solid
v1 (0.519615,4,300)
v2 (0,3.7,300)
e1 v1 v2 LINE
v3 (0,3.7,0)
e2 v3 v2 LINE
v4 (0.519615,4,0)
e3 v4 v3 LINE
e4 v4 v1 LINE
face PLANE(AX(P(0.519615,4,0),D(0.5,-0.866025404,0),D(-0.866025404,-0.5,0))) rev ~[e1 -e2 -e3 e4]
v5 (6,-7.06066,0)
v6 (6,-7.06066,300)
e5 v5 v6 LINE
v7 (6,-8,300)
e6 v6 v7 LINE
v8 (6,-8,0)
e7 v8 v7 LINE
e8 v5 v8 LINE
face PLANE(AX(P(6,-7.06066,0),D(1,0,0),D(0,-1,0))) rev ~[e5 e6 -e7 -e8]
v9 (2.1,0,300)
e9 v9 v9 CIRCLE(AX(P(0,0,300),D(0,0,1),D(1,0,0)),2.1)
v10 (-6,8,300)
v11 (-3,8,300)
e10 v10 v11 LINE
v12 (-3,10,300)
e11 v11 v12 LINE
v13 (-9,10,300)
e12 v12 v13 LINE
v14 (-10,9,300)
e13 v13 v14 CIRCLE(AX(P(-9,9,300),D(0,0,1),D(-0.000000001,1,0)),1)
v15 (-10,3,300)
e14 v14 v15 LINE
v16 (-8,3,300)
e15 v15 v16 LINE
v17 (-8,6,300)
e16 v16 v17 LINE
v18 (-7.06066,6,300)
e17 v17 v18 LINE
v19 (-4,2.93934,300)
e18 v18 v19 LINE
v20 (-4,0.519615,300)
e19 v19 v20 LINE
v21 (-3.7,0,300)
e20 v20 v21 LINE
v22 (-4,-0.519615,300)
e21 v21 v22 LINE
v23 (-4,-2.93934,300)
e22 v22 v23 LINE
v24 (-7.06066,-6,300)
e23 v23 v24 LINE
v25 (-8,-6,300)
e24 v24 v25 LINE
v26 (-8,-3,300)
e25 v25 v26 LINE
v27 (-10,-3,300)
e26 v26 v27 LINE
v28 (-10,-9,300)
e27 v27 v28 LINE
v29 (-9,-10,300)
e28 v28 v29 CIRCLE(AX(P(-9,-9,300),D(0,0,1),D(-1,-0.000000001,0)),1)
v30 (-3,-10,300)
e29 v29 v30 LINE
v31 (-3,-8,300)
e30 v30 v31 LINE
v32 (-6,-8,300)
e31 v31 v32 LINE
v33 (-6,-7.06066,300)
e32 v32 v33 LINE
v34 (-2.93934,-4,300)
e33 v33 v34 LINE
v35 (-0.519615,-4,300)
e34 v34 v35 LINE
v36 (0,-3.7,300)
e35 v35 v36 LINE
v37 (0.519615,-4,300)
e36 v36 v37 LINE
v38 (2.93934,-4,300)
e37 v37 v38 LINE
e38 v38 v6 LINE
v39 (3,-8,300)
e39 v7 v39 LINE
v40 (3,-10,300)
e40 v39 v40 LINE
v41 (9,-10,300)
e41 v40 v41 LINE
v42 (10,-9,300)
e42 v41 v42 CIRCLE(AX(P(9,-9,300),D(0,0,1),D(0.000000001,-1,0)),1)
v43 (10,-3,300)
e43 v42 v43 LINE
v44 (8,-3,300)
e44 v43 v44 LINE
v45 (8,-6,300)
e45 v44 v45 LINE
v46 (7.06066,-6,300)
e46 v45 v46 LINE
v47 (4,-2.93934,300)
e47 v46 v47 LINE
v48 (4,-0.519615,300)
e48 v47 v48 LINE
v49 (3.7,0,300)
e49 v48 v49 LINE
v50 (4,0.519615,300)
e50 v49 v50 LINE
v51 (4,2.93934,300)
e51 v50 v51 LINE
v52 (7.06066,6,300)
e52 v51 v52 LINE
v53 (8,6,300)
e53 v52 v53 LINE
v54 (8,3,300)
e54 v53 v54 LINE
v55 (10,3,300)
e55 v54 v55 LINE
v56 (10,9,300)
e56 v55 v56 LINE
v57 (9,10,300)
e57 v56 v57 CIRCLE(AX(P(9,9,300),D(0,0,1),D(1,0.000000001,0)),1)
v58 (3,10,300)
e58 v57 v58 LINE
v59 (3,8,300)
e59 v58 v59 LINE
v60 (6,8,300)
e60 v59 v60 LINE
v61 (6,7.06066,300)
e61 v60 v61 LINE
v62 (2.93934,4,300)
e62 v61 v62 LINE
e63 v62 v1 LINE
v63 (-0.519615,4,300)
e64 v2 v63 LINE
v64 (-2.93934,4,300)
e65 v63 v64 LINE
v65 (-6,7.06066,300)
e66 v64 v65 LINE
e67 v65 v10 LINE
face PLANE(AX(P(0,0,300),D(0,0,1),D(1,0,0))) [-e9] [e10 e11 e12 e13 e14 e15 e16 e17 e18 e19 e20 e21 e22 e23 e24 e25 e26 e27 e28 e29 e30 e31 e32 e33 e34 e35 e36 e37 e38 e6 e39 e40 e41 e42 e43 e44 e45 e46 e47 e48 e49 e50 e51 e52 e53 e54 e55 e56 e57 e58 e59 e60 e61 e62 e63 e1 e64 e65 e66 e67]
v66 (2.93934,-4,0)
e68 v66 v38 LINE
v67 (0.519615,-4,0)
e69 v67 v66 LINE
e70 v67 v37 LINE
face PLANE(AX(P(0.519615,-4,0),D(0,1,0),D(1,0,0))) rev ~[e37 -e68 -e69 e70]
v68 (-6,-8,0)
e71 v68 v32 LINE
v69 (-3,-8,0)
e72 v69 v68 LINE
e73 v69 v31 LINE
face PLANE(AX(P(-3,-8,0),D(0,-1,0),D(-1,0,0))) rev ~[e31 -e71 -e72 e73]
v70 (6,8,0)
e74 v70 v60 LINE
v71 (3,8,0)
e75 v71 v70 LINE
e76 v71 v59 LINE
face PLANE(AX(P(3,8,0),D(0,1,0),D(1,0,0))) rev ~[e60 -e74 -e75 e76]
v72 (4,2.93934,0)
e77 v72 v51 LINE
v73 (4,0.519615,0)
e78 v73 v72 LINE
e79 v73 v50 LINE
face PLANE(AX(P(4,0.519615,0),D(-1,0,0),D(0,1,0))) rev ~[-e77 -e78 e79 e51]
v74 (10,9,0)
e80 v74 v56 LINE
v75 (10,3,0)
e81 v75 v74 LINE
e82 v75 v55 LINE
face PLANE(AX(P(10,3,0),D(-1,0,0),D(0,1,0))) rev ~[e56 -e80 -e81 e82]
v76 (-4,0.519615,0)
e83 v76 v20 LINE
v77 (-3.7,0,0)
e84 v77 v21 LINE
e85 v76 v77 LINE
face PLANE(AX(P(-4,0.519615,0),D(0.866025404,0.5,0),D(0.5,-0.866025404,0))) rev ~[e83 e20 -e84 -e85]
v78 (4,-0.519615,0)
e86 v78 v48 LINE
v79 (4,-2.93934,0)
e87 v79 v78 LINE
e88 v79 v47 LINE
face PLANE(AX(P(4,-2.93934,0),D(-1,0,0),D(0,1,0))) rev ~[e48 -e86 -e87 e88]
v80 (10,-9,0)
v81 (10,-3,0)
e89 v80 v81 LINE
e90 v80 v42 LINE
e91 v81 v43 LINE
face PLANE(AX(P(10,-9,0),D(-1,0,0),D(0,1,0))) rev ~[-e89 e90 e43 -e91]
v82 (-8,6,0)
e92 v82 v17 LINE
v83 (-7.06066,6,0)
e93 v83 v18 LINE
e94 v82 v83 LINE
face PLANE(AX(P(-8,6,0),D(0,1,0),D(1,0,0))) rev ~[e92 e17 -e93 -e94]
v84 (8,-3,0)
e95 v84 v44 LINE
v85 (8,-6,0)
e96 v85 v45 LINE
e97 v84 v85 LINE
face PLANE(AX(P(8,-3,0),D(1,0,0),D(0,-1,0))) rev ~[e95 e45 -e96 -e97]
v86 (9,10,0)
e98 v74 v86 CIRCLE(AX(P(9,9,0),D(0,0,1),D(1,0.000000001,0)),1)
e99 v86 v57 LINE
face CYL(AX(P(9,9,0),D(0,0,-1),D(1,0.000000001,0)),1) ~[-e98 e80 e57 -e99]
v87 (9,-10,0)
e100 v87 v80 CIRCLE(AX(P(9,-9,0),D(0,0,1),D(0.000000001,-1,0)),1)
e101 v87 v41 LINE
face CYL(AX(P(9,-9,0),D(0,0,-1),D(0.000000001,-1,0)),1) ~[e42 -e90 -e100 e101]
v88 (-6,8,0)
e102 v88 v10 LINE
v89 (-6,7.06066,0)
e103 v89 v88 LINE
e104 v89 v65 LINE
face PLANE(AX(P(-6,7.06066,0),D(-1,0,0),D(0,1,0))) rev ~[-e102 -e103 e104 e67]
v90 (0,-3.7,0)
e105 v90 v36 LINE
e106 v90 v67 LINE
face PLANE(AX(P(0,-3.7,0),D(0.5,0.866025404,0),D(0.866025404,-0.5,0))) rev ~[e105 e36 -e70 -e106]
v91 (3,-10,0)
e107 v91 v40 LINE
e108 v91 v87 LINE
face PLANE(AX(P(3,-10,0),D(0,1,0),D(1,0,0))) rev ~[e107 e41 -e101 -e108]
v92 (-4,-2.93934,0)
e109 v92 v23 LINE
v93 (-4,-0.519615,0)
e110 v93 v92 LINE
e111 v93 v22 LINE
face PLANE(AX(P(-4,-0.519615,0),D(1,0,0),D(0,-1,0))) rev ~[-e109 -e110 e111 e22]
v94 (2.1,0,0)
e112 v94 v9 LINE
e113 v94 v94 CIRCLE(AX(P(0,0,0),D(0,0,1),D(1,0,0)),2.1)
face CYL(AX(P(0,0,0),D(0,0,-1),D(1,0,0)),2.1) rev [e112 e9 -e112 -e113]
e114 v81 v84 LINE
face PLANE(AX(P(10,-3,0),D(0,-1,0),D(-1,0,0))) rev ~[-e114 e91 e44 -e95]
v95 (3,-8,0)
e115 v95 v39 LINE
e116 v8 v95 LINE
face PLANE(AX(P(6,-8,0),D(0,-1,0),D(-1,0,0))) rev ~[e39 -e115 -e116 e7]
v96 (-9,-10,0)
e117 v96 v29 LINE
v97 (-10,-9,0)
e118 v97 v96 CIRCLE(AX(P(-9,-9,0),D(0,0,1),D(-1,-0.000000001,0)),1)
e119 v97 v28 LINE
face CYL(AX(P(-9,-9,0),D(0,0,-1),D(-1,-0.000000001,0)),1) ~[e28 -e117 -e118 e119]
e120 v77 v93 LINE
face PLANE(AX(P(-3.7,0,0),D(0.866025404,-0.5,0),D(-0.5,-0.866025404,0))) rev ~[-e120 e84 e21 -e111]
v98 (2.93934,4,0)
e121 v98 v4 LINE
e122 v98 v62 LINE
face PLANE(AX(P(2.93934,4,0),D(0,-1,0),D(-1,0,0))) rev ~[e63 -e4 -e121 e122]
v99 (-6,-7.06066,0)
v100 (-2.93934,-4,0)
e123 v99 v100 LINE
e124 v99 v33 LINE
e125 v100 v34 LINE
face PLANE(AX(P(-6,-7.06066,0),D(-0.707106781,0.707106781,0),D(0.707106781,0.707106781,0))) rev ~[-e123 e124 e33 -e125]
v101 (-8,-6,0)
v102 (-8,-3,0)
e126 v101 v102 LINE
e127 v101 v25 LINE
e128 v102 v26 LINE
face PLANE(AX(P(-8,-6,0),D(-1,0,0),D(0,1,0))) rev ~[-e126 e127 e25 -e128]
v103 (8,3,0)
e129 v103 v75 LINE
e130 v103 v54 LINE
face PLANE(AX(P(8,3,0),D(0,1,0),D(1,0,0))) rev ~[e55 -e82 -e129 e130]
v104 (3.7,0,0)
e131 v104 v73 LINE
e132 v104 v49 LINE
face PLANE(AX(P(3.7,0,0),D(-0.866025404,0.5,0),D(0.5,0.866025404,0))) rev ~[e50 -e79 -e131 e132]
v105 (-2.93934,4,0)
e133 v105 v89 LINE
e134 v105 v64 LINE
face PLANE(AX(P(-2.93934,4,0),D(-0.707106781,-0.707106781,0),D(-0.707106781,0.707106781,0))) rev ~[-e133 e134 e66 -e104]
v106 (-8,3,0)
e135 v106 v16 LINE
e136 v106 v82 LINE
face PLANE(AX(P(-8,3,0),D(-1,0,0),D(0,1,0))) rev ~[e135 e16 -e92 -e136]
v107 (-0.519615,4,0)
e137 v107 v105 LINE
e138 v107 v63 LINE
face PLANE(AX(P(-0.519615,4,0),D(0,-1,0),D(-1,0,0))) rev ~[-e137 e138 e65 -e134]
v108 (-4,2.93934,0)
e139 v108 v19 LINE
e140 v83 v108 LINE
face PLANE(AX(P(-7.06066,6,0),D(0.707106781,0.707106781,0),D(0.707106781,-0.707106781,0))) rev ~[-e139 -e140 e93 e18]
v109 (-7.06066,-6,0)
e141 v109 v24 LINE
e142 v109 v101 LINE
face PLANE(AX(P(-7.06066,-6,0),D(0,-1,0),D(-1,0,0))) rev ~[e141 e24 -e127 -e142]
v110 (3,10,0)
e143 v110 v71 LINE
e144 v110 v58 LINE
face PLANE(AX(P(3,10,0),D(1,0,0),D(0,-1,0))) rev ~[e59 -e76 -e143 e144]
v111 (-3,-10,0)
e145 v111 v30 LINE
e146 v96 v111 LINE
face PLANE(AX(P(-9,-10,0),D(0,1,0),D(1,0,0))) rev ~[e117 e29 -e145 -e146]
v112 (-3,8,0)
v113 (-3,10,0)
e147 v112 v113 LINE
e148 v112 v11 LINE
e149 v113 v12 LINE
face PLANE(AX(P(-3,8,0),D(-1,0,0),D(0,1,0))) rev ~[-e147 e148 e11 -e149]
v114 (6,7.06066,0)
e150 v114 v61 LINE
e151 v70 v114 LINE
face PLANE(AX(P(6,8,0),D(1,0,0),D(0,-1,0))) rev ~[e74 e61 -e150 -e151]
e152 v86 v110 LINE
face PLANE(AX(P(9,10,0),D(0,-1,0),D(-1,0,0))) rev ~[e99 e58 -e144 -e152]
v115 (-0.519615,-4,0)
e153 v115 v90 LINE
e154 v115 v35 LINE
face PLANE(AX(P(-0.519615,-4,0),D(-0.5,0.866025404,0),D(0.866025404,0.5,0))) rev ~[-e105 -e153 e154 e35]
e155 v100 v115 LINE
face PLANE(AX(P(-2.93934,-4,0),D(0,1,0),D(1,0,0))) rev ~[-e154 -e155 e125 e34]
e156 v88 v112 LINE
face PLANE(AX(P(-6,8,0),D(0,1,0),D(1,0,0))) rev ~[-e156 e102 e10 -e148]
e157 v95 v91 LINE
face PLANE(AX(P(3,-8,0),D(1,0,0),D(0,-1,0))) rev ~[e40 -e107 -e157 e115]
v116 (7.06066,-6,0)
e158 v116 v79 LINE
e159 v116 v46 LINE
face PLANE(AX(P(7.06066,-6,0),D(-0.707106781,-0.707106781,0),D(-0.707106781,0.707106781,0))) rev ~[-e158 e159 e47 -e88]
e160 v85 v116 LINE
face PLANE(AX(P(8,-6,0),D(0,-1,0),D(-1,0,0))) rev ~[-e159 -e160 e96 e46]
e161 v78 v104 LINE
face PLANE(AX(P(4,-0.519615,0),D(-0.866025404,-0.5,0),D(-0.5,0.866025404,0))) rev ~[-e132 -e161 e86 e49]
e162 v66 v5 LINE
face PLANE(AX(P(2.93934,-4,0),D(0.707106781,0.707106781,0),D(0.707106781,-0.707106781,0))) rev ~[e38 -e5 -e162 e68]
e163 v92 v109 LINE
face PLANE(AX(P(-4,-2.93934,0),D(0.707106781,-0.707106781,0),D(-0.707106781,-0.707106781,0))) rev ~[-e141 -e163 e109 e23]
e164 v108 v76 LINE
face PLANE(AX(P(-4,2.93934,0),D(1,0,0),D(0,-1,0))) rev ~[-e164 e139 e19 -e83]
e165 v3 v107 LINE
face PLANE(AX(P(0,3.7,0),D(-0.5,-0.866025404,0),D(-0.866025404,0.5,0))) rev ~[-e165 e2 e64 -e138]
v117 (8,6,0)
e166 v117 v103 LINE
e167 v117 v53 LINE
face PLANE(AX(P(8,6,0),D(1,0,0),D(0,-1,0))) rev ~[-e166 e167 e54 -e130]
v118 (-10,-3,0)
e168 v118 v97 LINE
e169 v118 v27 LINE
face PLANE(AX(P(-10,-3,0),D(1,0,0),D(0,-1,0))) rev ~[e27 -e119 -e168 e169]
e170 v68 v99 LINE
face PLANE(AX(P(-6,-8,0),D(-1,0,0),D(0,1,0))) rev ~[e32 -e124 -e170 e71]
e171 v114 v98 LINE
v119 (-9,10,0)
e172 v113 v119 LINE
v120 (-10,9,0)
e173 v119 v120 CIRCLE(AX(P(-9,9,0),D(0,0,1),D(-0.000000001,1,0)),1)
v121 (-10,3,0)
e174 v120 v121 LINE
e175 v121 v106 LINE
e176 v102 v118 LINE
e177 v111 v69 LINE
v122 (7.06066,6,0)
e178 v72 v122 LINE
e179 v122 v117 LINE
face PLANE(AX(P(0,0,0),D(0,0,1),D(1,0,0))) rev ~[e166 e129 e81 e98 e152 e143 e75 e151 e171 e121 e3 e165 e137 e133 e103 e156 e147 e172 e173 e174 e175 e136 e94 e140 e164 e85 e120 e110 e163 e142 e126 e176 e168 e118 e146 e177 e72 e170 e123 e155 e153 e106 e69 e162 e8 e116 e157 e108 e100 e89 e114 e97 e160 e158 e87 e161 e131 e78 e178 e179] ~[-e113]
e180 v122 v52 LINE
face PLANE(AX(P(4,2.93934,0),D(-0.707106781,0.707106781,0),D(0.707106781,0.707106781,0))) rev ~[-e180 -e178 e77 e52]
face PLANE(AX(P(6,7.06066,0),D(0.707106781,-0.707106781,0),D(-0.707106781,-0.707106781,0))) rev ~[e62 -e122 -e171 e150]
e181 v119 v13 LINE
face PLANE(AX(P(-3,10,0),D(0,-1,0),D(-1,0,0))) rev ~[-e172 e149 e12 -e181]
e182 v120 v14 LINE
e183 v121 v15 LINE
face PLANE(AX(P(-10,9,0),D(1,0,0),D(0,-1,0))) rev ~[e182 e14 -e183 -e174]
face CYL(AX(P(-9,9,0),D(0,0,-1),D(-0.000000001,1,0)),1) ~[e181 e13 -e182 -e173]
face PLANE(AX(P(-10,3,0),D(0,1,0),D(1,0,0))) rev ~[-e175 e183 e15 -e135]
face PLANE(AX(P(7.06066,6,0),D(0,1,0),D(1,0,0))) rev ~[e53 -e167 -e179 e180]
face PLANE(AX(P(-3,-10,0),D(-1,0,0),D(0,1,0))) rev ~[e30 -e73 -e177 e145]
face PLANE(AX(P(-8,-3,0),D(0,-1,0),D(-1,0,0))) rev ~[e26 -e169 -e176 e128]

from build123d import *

# Parameters (mm, degrees)
MODEL_R         = 2.1
EXTRUDE_1_DEPTH = 300


with BuildPart() as part:
    # Model → 보스-돌출1 (new body)
    with BuildSketch(Plane.XY):
        with BuildLine():
            Line((-10, 3), (-8, 3))
            Line((-8, 3), (-8, 6))
            Line((-8, 6), (-7.060660172, 6))
            Line((-7.060660172, 6), (-4, 2.939339828))
            Line((-4, 2.939339828), (-4, 0.519615242))
            Line((-4, 0.519615242), (-3.7, 0))
            Line((-3.7, 0), (-4, -0.519615242))
            Line((-4, -0.519615242), (-4, -2.939339828))
            Line((-4, -2.939339828), (-7.060660172, -6))
            Line((-7.060660172, -6), (-8, -6))
            Line((-8, -6), (-8, -3))
            Line((-8, -3), (-10, -3))
            Line((-10, -3), (-10, -9))
            ThreePointArc((-10, -9), (-9.707106781, -9.707106781), (-9, -10))
            Line((-9, -10), (-3, -10))
            Line((-3, -10), (-3, -8))
            Line((-3, -8), (-6, -8))
            Line((-6, -8), (-6, -7.060660172))
            Line((-6, -7.060660172), (-2.939339828, -4))
            Line((-2.939339828, -4), (-0.519615242, -4))
            Line((-0.519615242, -4), (0, -3.7))
            Line((0, -3.7), (0.519615242, -4))
            Line((0.519615242, -4), (2.939339828, -4))
            Line((2.939339828, -4), (6, -7.060660172))
            Line((6, -7.060660172), (6, -8))
            Line((6, -8), (3, -8))
            Line((3, -8), (3, -10))
            Line((3, -10), (9, -10))
            ThreePointArc((9, -10), (9.707106781, -9.707106781), (10, -9))
            Line((10, -9), (10, -3))
            Line((10, -3), (8, -3))
            Line((8, -3), (8, -6))
            Line((8, -6), (7.060660172, -6))
            Line((7.060660172, -6), (4, -2.939339828))
            Line((4, -2.939339828), (4, -0.519615242))
            Line((4, -0.519615242), (3.7, 0))
            Line((3.7, 0), (4, 0.519615242))
            Line((4, 0.519615242), (4, 2.939339828))
            Line((4, 2.939339828), (7.060660172, 6))
            Line((7.060660172, 6), (8, 6))
            Line((8, 6), (8, 3))
            Line((8, 3), (10, 3))
            Line((10, 3), (10, 9))
            ThreePointArc((10, 9), (9.707106781, 9.707106781), (9, 10))
            Line((9, 10), (3, 10))
            Line((3, 10), (3, 8))
            Line((3, 8), (6, 8))
            Line((6, 8), (6, 7.060660172))
            Line((6, 7.060660172), (2.939339828, 4))
            Line((2.939339828, 4), (0.519615242, 4))
            Line((0.519615242, 4), (0, 3.7))
            Line((0, 3.7), (-0.519615242, 4))
            Line((-0.519615242, 4), (-2.939339828, 4))
            Line((-2.939339828, 4), (-6, 7.060660172))
            Line((-6, 7.060660172), (-6, 8))
            Line((-6, 8), (-3, 8))
            Line((-3, 8), (-3, 10))
            Line((-3, 10), (-9, 10))
            ThreePointArc((-9, 10), (-9.707106781, 9.707106781), (-10, 9))
            Line((-10, 9), (-10, 3))
        make_face()
        Circle(MODEL_R, mode=Mode.SUBTRACT)
    extrude(amount=EXTRUDE_1_DEPTH)


solid = part.part
